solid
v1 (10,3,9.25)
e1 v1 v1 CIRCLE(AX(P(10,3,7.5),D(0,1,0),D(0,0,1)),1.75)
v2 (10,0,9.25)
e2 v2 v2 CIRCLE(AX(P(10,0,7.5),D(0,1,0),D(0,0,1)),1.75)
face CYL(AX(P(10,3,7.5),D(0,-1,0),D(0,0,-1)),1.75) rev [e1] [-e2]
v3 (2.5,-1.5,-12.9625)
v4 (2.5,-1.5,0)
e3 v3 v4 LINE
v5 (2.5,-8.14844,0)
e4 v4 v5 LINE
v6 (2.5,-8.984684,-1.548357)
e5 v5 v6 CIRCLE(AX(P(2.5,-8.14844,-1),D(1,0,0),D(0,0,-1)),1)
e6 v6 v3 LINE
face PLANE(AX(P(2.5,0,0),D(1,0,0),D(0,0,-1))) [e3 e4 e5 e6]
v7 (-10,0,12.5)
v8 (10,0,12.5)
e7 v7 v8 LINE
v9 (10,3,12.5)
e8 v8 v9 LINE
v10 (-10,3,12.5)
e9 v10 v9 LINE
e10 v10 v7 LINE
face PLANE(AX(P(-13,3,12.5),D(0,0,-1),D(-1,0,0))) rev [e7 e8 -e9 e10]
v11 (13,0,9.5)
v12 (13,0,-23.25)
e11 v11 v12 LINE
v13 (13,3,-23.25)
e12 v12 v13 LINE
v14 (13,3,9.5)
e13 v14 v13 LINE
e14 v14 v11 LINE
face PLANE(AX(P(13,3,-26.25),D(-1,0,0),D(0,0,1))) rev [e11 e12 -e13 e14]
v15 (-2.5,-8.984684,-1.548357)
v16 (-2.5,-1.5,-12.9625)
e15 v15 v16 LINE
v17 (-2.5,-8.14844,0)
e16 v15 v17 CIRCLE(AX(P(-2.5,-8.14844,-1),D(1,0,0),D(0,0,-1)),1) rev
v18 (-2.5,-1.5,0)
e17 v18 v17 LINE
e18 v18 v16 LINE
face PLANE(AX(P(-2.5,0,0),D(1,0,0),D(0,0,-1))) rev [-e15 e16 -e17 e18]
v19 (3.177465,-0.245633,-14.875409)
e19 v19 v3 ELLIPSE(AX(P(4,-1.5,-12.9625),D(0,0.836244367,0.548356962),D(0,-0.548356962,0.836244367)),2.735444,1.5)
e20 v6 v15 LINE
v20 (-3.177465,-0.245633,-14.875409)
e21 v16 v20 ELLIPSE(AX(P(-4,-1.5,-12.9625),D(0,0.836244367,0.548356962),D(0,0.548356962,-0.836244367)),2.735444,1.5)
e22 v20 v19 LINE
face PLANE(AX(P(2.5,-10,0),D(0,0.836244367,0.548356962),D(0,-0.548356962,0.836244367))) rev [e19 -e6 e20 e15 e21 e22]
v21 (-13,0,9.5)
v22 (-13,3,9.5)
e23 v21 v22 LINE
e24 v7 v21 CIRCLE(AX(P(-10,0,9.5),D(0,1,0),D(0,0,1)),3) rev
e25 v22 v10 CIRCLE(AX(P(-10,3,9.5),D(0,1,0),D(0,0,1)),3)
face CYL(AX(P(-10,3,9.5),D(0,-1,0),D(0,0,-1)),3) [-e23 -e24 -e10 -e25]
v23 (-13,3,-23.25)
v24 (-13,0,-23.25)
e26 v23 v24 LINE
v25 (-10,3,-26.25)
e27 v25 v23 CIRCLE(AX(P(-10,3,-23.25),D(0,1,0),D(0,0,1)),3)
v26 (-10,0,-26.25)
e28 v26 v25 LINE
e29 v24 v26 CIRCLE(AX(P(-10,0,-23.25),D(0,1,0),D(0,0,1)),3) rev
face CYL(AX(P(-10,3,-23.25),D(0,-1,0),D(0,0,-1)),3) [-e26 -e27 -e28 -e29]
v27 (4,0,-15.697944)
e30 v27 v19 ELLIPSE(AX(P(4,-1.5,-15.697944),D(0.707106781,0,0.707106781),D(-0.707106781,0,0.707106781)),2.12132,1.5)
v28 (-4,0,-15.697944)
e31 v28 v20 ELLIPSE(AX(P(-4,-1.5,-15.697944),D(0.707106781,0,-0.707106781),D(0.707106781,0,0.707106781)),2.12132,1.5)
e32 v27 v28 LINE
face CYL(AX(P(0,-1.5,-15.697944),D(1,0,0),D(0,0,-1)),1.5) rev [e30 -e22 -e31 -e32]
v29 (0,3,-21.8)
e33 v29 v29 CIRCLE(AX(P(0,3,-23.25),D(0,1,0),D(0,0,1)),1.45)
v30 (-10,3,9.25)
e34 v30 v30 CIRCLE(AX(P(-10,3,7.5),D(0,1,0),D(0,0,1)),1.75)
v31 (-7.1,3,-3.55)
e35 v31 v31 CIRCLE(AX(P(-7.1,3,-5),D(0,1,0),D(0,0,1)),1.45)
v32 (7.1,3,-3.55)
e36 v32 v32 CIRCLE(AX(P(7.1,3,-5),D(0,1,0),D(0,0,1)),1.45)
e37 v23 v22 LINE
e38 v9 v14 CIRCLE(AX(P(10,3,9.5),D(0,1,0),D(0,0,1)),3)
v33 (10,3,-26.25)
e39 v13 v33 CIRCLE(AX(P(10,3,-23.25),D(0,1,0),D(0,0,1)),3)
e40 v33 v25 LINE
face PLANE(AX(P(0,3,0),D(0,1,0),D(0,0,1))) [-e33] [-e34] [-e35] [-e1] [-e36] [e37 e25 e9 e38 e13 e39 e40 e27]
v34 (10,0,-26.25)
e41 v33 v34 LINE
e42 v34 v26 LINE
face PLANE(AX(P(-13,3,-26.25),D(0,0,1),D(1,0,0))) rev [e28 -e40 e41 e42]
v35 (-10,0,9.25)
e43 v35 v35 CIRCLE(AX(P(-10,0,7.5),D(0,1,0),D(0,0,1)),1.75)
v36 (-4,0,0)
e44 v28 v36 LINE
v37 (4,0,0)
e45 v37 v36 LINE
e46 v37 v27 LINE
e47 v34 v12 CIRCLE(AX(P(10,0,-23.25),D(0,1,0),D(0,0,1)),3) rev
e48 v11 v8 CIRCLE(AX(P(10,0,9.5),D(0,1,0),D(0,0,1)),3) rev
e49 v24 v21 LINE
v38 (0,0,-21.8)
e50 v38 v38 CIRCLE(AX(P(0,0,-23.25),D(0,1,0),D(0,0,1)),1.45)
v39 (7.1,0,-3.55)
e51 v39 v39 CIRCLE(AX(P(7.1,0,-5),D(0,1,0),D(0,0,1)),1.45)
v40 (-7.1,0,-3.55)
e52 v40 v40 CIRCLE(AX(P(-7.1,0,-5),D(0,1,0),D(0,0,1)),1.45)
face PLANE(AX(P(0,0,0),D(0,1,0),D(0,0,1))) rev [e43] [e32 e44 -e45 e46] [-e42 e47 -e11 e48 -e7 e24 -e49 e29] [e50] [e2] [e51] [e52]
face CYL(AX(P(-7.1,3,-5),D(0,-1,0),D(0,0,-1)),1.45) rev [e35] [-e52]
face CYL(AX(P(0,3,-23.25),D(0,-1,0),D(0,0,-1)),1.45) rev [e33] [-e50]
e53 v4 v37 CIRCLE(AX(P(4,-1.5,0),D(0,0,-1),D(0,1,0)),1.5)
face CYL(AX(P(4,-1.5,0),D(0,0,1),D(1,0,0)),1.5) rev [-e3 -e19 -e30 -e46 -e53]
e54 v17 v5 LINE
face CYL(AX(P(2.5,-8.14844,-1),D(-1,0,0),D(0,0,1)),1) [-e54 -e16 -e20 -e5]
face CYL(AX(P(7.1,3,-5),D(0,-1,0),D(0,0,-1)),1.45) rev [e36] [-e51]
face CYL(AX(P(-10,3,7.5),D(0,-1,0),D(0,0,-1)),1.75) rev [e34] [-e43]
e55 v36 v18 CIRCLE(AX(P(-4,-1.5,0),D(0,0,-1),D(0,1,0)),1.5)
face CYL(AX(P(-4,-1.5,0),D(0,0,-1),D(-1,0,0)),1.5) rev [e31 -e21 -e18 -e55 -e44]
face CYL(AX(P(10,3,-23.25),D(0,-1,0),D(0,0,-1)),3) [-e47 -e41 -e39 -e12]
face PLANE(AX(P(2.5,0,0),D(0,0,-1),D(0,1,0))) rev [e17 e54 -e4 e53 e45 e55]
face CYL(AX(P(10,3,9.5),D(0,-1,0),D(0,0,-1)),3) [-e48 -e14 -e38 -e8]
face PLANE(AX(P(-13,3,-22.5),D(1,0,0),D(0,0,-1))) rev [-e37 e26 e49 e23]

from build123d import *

# Parameters (mm, degrees)
SKETCH_1_R      = 1.75
SKETCH_1_R_2    = 1.45
EXTRUDE_1_DEPTH = 3
FILLET_1_R      = 3
EXTRUDE_2_DEPTH = 2.5
FILLET_2_R      = 1.5
FILLET_3_R      = 1


with BuildPart() as part:
    # 草图1 → 凸台-拉伸1 (new body)
    with BuildSketch(Plane(origin=(0, 0, 0), x_dir=(1, 0, 0), z_dir=(0, 1, 0))):
        Polygon((-13, 22.5), (-13, -12.5), (13, -12.5), (13, 22.5), (13, 26.25), (-13, 26.25), align=None)
        with Locations(Location((-10, -7.5, 0), (0, 0, 270))):
            Circle(SKETCH_1_R, mode=Mode.SUBTRACT)
        with Locations(Location((10, -7.5, 0), (0, 0, 270))):
            Circle(SKETCH_1_R, mode=Mode.SUBTRACT)
        with Locations(Location((0, 23.25, 0), (0, 0, 270))):
            Circle(SKETCH_1_R_2, mode=Mode.SUBTRACT)
        with Locations(Location((-7.1, 5, 0), (0, 0, 270))):
            Circle(SKETCH_1_R_2, mode=Mode.SUBTRACT)
        with Locations(Location((7.1, 5, 0), (0, 0, 270))):
            Circle(SKETCH_1_R_2, mode=Mode.SUBTRACT)
    extrude(amount=EXTRUDE_1_DEPTH)

    # 圆角1
    fillet_1_edges = [part.edges().sort_by_distance(p)[0] for p in [
        (13, 1.5, 12.5),
        (-13, 1.5, 12.5),
        (-13, 1.5, -26.25),
        (13, 1.5, -26.25),
    ]]
    fillet(fillet_1_edges, radius=FILLET_1_R)

    # 草图3 → 凸台-拉伸2 (add, symmetric)
    with BuildSketch(Plane(origin=(0, 0, 0), x_dir=(0, 0, -1), z_dir=(1, 0, 0))):
        Polygon((0, 0), (0, -10), (15.25, 0), align=None)
    extrude(amount=EXTRUDE_2_DEPTH, both=True)

    # 圆角2
    fillet_2_edges = [part.edges().sort_by_distance(p)[0] for p in [
        (-2.5, 0, -7.625),
        (0, 0, -15.25),
        (2.5, 0, -7.625),
    ]]
    fillet(fillet_2_edges, radius=FILLET_2_R)

    # 圆角3
    fillet_3_edges = [part.edges().sort_by_distance(p)[0] for p in [
        (0, -10, 0),
    ]]
    fillet(fillet_3_edges, radius=FILLET_3_R)


solid = part.part
